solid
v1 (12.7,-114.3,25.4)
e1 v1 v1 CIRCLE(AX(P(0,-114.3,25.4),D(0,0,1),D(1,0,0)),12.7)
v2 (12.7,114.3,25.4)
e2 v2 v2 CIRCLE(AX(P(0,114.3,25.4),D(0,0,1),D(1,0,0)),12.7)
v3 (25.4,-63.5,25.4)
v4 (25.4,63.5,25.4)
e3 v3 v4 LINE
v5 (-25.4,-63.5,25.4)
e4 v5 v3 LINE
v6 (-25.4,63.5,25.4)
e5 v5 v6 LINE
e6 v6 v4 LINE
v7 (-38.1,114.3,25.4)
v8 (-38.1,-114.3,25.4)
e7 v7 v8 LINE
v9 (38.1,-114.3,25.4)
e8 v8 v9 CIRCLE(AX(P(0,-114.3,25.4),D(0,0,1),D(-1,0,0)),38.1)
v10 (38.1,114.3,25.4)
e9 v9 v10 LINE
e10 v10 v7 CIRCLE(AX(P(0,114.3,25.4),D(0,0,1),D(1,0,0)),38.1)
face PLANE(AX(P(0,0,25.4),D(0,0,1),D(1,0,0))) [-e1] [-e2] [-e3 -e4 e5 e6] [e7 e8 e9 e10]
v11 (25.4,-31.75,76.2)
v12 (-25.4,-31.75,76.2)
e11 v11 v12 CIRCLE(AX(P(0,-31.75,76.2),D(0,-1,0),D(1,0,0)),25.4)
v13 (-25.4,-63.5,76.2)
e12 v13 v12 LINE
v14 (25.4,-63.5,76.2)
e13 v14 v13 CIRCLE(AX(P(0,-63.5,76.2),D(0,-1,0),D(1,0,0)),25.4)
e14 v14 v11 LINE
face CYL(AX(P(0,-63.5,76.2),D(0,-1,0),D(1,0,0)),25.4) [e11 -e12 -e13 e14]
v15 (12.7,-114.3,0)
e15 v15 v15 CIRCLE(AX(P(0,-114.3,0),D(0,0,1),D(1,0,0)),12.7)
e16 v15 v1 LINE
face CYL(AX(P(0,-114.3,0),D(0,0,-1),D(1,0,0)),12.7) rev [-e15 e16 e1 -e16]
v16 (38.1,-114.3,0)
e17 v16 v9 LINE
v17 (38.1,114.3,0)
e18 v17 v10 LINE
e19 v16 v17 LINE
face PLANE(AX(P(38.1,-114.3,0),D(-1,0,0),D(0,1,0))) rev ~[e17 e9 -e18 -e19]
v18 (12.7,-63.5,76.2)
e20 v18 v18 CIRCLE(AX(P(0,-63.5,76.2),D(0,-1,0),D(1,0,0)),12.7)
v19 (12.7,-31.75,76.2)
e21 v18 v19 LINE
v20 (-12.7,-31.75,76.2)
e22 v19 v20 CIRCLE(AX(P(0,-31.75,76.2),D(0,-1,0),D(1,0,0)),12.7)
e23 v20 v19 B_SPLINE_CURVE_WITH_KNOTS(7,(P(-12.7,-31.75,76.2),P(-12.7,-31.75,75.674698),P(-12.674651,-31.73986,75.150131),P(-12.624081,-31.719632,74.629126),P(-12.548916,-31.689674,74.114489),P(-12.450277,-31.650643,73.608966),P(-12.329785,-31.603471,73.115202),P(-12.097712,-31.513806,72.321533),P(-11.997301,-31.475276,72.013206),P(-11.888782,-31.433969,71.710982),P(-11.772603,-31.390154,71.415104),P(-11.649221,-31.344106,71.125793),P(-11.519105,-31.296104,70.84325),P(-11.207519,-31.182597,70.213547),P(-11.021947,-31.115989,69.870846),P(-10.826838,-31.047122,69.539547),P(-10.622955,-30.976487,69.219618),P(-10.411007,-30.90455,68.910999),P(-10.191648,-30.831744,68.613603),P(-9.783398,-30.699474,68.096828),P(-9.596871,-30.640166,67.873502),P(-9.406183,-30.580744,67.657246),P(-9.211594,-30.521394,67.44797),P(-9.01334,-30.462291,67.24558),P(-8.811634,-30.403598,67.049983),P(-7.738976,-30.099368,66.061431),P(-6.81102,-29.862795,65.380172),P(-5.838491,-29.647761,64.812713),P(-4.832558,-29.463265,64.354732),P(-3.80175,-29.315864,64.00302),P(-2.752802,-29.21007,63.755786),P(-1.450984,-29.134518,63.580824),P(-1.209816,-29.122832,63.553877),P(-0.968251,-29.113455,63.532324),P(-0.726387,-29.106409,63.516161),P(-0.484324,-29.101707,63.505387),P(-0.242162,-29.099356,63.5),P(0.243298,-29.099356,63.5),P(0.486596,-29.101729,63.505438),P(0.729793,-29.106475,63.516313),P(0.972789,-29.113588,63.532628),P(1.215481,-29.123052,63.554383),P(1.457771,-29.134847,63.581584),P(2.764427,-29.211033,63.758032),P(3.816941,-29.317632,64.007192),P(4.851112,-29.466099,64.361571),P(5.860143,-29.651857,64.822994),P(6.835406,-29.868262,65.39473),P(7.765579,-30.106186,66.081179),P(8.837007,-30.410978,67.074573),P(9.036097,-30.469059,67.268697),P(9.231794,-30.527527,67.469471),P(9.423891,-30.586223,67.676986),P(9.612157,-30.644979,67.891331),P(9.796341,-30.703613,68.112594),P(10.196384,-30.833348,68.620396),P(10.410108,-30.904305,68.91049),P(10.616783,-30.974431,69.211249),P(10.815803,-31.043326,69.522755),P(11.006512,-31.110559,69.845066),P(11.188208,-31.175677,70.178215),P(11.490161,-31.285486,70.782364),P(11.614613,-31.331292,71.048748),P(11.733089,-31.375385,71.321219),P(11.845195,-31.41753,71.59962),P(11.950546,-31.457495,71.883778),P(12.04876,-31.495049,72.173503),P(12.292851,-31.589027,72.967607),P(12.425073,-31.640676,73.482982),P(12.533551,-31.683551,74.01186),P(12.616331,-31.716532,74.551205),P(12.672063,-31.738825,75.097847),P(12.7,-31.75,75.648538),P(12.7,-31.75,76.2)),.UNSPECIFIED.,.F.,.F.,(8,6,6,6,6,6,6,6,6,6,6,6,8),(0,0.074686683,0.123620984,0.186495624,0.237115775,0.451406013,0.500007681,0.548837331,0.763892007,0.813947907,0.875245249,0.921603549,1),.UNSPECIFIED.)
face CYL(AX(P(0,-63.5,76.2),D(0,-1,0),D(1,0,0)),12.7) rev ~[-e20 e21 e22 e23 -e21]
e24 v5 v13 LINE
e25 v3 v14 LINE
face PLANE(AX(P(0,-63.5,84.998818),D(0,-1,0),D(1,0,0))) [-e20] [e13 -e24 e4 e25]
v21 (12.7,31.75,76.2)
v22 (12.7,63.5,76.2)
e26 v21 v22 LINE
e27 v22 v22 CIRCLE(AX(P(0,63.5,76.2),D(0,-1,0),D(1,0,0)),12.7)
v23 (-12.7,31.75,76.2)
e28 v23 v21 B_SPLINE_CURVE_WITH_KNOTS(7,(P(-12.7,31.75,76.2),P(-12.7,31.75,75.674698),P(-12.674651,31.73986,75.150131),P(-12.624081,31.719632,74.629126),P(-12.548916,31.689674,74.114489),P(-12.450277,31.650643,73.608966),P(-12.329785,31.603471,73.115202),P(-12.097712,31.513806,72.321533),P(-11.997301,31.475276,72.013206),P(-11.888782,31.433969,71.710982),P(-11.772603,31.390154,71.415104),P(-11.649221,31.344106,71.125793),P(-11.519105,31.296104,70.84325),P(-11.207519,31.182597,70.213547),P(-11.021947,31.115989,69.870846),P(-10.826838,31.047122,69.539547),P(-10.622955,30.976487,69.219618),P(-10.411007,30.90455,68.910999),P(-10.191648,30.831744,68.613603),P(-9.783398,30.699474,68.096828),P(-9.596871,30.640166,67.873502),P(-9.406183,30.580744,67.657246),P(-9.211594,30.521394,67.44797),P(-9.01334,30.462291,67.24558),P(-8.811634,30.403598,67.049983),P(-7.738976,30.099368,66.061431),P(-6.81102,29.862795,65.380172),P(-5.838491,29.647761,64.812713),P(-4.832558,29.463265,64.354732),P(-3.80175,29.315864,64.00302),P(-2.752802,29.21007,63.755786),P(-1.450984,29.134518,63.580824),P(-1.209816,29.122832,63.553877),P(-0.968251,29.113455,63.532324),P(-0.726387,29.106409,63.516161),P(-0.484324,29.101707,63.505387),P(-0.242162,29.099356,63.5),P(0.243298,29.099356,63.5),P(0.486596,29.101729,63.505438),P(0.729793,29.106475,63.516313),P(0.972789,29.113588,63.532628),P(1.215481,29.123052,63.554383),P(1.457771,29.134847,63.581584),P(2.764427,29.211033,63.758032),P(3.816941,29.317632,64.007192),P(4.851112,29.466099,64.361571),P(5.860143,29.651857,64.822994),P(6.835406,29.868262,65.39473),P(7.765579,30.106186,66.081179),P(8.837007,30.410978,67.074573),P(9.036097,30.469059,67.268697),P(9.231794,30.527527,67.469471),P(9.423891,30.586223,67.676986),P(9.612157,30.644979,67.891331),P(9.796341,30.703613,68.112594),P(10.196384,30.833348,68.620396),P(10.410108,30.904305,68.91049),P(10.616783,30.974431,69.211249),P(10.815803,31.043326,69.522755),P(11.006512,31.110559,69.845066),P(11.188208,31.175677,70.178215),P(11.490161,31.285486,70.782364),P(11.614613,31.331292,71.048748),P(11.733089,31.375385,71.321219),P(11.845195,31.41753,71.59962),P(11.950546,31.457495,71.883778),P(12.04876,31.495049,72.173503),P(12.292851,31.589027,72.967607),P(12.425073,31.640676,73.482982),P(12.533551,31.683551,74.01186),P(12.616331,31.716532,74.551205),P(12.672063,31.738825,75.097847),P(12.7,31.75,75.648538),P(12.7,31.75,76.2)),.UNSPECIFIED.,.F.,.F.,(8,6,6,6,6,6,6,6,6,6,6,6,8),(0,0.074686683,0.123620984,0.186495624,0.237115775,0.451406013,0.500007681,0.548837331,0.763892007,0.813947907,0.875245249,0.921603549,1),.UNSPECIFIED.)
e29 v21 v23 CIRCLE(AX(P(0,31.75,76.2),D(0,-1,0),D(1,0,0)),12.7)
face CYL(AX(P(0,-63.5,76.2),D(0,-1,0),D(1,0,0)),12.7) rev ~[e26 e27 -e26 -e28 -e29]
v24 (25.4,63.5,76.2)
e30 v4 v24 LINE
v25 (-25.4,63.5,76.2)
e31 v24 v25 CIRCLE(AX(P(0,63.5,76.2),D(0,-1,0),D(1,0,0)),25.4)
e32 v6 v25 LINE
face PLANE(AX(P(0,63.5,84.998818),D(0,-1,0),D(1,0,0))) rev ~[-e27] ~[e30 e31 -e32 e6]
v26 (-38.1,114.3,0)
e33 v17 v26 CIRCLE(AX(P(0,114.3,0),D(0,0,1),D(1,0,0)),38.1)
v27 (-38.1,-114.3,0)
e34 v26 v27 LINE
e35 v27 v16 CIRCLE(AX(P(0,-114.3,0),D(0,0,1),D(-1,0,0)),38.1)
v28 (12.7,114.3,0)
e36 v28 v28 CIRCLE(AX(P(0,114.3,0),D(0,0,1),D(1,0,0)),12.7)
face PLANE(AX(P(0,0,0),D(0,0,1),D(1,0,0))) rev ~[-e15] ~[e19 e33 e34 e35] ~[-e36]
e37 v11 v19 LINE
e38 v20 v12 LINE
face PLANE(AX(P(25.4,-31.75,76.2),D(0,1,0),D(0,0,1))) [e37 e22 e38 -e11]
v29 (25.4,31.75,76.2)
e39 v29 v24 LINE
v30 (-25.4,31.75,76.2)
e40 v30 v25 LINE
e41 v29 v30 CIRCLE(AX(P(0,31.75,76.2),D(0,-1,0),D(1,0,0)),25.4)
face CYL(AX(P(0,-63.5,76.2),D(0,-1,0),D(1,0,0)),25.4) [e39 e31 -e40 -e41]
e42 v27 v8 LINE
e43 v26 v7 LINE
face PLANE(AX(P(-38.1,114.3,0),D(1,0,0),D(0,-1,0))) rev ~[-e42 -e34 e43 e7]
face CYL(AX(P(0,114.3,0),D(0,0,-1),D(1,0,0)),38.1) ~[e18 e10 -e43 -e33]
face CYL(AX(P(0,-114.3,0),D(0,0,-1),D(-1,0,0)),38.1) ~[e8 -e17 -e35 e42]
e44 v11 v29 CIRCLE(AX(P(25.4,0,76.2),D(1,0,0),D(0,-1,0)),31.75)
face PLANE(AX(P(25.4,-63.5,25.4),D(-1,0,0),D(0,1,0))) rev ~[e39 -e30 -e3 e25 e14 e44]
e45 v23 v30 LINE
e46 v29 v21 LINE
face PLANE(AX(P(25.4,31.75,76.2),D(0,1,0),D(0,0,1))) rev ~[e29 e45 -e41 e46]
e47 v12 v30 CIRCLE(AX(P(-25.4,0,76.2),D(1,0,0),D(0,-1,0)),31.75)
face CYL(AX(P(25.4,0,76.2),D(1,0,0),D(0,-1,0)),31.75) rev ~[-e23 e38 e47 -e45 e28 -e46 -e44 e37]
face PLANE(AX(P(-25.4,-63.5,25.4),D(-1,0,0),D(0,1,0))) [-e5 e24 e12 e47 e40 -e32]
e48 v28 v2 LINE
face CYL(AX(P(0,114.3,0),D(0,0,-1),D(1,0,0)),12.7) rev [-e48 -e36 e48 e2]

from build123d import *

# Parameters (mm, degrees)
F0_R     = 12.7
F1_DEPTH = 25.4
F2_W     = 50.8
F2_H     = 127
F3_DEPTH = 50.8
F5_DEPTH = 127
F6_R     = 12.7
F7_DEPTH = 127
F8_W     = 63.5
F8_H     = 63.5
F9_DEPTH = 76.2


with BuildPart() as f1:
    # F0 (on Top) → F1 (new body)
    with BuildSketch(Plane.XY):
        with BuildLine():
            ThreePointArc((-38.1, -114.3), (0, -152.4), (38.1, -114.3))
            Line((38.1, -114.3), (38.1, 114.3))
            ThreePointArc((38.1, 114.3), (0, 152.4), (-38.1, 114.3))
            Line((-38.1, 114.3), (-38.1, -114.3))
        make_face()
        with Locations((0, -114.3)):
            Circle(F0_R, mode=Mode.SUBTRACT)
        with Locations((0, 114.3)):
            Circle(F0_R, mode=Mode.SUBTRACT)
    extrude(amount=F1_DEPTH)

    # F2 (on face) → F3 (join)
    with BuildSketch(Plane.XY.offset(25.4)):
        Rectangle(F2_W, F2_H)
    extrude(amount=F3_DEPTH)

    # F4 (on face) → F5 (join)
    with BuildSketch(Plane.XZ.offset(63.5)):
        with BuildLine():
            Line((-25.4, 76.2), (25.4, 76.2))
            ThreePointArc((25.4, 76.2), (0, 101.6), (-25.4, 76.2))
        make_face()
    extrude(amount=-F5_DEPTH)

    # F6 (on face) → F7 (cut)
    with BuildSketch(Plane.XZ.offset(63.5)):
        with Locations((0, 76.2)):
            Circle(F6_R)
    extrude(amount=-F7_DEPTH, mode=Mode.SUBTRACT)

    # F8 (on face) → F9 (cut)
    with BuildSketch(Plane.YZ.offset(25.4)):
        with BuildLine():
            Line((31.75, 76.2), (-31.75, 76.2))
            ThreePointArc((-31.75, 76.2), (0, 44.45), (31.75, 76.2))
        make_face()
        with Locations((0, 107.95)):
            Rectangle(F8_W, F8_H)
    extrude(amount=-F9_DEPTH, mode=Mode.SUBTRACT)


solid = f1.part
